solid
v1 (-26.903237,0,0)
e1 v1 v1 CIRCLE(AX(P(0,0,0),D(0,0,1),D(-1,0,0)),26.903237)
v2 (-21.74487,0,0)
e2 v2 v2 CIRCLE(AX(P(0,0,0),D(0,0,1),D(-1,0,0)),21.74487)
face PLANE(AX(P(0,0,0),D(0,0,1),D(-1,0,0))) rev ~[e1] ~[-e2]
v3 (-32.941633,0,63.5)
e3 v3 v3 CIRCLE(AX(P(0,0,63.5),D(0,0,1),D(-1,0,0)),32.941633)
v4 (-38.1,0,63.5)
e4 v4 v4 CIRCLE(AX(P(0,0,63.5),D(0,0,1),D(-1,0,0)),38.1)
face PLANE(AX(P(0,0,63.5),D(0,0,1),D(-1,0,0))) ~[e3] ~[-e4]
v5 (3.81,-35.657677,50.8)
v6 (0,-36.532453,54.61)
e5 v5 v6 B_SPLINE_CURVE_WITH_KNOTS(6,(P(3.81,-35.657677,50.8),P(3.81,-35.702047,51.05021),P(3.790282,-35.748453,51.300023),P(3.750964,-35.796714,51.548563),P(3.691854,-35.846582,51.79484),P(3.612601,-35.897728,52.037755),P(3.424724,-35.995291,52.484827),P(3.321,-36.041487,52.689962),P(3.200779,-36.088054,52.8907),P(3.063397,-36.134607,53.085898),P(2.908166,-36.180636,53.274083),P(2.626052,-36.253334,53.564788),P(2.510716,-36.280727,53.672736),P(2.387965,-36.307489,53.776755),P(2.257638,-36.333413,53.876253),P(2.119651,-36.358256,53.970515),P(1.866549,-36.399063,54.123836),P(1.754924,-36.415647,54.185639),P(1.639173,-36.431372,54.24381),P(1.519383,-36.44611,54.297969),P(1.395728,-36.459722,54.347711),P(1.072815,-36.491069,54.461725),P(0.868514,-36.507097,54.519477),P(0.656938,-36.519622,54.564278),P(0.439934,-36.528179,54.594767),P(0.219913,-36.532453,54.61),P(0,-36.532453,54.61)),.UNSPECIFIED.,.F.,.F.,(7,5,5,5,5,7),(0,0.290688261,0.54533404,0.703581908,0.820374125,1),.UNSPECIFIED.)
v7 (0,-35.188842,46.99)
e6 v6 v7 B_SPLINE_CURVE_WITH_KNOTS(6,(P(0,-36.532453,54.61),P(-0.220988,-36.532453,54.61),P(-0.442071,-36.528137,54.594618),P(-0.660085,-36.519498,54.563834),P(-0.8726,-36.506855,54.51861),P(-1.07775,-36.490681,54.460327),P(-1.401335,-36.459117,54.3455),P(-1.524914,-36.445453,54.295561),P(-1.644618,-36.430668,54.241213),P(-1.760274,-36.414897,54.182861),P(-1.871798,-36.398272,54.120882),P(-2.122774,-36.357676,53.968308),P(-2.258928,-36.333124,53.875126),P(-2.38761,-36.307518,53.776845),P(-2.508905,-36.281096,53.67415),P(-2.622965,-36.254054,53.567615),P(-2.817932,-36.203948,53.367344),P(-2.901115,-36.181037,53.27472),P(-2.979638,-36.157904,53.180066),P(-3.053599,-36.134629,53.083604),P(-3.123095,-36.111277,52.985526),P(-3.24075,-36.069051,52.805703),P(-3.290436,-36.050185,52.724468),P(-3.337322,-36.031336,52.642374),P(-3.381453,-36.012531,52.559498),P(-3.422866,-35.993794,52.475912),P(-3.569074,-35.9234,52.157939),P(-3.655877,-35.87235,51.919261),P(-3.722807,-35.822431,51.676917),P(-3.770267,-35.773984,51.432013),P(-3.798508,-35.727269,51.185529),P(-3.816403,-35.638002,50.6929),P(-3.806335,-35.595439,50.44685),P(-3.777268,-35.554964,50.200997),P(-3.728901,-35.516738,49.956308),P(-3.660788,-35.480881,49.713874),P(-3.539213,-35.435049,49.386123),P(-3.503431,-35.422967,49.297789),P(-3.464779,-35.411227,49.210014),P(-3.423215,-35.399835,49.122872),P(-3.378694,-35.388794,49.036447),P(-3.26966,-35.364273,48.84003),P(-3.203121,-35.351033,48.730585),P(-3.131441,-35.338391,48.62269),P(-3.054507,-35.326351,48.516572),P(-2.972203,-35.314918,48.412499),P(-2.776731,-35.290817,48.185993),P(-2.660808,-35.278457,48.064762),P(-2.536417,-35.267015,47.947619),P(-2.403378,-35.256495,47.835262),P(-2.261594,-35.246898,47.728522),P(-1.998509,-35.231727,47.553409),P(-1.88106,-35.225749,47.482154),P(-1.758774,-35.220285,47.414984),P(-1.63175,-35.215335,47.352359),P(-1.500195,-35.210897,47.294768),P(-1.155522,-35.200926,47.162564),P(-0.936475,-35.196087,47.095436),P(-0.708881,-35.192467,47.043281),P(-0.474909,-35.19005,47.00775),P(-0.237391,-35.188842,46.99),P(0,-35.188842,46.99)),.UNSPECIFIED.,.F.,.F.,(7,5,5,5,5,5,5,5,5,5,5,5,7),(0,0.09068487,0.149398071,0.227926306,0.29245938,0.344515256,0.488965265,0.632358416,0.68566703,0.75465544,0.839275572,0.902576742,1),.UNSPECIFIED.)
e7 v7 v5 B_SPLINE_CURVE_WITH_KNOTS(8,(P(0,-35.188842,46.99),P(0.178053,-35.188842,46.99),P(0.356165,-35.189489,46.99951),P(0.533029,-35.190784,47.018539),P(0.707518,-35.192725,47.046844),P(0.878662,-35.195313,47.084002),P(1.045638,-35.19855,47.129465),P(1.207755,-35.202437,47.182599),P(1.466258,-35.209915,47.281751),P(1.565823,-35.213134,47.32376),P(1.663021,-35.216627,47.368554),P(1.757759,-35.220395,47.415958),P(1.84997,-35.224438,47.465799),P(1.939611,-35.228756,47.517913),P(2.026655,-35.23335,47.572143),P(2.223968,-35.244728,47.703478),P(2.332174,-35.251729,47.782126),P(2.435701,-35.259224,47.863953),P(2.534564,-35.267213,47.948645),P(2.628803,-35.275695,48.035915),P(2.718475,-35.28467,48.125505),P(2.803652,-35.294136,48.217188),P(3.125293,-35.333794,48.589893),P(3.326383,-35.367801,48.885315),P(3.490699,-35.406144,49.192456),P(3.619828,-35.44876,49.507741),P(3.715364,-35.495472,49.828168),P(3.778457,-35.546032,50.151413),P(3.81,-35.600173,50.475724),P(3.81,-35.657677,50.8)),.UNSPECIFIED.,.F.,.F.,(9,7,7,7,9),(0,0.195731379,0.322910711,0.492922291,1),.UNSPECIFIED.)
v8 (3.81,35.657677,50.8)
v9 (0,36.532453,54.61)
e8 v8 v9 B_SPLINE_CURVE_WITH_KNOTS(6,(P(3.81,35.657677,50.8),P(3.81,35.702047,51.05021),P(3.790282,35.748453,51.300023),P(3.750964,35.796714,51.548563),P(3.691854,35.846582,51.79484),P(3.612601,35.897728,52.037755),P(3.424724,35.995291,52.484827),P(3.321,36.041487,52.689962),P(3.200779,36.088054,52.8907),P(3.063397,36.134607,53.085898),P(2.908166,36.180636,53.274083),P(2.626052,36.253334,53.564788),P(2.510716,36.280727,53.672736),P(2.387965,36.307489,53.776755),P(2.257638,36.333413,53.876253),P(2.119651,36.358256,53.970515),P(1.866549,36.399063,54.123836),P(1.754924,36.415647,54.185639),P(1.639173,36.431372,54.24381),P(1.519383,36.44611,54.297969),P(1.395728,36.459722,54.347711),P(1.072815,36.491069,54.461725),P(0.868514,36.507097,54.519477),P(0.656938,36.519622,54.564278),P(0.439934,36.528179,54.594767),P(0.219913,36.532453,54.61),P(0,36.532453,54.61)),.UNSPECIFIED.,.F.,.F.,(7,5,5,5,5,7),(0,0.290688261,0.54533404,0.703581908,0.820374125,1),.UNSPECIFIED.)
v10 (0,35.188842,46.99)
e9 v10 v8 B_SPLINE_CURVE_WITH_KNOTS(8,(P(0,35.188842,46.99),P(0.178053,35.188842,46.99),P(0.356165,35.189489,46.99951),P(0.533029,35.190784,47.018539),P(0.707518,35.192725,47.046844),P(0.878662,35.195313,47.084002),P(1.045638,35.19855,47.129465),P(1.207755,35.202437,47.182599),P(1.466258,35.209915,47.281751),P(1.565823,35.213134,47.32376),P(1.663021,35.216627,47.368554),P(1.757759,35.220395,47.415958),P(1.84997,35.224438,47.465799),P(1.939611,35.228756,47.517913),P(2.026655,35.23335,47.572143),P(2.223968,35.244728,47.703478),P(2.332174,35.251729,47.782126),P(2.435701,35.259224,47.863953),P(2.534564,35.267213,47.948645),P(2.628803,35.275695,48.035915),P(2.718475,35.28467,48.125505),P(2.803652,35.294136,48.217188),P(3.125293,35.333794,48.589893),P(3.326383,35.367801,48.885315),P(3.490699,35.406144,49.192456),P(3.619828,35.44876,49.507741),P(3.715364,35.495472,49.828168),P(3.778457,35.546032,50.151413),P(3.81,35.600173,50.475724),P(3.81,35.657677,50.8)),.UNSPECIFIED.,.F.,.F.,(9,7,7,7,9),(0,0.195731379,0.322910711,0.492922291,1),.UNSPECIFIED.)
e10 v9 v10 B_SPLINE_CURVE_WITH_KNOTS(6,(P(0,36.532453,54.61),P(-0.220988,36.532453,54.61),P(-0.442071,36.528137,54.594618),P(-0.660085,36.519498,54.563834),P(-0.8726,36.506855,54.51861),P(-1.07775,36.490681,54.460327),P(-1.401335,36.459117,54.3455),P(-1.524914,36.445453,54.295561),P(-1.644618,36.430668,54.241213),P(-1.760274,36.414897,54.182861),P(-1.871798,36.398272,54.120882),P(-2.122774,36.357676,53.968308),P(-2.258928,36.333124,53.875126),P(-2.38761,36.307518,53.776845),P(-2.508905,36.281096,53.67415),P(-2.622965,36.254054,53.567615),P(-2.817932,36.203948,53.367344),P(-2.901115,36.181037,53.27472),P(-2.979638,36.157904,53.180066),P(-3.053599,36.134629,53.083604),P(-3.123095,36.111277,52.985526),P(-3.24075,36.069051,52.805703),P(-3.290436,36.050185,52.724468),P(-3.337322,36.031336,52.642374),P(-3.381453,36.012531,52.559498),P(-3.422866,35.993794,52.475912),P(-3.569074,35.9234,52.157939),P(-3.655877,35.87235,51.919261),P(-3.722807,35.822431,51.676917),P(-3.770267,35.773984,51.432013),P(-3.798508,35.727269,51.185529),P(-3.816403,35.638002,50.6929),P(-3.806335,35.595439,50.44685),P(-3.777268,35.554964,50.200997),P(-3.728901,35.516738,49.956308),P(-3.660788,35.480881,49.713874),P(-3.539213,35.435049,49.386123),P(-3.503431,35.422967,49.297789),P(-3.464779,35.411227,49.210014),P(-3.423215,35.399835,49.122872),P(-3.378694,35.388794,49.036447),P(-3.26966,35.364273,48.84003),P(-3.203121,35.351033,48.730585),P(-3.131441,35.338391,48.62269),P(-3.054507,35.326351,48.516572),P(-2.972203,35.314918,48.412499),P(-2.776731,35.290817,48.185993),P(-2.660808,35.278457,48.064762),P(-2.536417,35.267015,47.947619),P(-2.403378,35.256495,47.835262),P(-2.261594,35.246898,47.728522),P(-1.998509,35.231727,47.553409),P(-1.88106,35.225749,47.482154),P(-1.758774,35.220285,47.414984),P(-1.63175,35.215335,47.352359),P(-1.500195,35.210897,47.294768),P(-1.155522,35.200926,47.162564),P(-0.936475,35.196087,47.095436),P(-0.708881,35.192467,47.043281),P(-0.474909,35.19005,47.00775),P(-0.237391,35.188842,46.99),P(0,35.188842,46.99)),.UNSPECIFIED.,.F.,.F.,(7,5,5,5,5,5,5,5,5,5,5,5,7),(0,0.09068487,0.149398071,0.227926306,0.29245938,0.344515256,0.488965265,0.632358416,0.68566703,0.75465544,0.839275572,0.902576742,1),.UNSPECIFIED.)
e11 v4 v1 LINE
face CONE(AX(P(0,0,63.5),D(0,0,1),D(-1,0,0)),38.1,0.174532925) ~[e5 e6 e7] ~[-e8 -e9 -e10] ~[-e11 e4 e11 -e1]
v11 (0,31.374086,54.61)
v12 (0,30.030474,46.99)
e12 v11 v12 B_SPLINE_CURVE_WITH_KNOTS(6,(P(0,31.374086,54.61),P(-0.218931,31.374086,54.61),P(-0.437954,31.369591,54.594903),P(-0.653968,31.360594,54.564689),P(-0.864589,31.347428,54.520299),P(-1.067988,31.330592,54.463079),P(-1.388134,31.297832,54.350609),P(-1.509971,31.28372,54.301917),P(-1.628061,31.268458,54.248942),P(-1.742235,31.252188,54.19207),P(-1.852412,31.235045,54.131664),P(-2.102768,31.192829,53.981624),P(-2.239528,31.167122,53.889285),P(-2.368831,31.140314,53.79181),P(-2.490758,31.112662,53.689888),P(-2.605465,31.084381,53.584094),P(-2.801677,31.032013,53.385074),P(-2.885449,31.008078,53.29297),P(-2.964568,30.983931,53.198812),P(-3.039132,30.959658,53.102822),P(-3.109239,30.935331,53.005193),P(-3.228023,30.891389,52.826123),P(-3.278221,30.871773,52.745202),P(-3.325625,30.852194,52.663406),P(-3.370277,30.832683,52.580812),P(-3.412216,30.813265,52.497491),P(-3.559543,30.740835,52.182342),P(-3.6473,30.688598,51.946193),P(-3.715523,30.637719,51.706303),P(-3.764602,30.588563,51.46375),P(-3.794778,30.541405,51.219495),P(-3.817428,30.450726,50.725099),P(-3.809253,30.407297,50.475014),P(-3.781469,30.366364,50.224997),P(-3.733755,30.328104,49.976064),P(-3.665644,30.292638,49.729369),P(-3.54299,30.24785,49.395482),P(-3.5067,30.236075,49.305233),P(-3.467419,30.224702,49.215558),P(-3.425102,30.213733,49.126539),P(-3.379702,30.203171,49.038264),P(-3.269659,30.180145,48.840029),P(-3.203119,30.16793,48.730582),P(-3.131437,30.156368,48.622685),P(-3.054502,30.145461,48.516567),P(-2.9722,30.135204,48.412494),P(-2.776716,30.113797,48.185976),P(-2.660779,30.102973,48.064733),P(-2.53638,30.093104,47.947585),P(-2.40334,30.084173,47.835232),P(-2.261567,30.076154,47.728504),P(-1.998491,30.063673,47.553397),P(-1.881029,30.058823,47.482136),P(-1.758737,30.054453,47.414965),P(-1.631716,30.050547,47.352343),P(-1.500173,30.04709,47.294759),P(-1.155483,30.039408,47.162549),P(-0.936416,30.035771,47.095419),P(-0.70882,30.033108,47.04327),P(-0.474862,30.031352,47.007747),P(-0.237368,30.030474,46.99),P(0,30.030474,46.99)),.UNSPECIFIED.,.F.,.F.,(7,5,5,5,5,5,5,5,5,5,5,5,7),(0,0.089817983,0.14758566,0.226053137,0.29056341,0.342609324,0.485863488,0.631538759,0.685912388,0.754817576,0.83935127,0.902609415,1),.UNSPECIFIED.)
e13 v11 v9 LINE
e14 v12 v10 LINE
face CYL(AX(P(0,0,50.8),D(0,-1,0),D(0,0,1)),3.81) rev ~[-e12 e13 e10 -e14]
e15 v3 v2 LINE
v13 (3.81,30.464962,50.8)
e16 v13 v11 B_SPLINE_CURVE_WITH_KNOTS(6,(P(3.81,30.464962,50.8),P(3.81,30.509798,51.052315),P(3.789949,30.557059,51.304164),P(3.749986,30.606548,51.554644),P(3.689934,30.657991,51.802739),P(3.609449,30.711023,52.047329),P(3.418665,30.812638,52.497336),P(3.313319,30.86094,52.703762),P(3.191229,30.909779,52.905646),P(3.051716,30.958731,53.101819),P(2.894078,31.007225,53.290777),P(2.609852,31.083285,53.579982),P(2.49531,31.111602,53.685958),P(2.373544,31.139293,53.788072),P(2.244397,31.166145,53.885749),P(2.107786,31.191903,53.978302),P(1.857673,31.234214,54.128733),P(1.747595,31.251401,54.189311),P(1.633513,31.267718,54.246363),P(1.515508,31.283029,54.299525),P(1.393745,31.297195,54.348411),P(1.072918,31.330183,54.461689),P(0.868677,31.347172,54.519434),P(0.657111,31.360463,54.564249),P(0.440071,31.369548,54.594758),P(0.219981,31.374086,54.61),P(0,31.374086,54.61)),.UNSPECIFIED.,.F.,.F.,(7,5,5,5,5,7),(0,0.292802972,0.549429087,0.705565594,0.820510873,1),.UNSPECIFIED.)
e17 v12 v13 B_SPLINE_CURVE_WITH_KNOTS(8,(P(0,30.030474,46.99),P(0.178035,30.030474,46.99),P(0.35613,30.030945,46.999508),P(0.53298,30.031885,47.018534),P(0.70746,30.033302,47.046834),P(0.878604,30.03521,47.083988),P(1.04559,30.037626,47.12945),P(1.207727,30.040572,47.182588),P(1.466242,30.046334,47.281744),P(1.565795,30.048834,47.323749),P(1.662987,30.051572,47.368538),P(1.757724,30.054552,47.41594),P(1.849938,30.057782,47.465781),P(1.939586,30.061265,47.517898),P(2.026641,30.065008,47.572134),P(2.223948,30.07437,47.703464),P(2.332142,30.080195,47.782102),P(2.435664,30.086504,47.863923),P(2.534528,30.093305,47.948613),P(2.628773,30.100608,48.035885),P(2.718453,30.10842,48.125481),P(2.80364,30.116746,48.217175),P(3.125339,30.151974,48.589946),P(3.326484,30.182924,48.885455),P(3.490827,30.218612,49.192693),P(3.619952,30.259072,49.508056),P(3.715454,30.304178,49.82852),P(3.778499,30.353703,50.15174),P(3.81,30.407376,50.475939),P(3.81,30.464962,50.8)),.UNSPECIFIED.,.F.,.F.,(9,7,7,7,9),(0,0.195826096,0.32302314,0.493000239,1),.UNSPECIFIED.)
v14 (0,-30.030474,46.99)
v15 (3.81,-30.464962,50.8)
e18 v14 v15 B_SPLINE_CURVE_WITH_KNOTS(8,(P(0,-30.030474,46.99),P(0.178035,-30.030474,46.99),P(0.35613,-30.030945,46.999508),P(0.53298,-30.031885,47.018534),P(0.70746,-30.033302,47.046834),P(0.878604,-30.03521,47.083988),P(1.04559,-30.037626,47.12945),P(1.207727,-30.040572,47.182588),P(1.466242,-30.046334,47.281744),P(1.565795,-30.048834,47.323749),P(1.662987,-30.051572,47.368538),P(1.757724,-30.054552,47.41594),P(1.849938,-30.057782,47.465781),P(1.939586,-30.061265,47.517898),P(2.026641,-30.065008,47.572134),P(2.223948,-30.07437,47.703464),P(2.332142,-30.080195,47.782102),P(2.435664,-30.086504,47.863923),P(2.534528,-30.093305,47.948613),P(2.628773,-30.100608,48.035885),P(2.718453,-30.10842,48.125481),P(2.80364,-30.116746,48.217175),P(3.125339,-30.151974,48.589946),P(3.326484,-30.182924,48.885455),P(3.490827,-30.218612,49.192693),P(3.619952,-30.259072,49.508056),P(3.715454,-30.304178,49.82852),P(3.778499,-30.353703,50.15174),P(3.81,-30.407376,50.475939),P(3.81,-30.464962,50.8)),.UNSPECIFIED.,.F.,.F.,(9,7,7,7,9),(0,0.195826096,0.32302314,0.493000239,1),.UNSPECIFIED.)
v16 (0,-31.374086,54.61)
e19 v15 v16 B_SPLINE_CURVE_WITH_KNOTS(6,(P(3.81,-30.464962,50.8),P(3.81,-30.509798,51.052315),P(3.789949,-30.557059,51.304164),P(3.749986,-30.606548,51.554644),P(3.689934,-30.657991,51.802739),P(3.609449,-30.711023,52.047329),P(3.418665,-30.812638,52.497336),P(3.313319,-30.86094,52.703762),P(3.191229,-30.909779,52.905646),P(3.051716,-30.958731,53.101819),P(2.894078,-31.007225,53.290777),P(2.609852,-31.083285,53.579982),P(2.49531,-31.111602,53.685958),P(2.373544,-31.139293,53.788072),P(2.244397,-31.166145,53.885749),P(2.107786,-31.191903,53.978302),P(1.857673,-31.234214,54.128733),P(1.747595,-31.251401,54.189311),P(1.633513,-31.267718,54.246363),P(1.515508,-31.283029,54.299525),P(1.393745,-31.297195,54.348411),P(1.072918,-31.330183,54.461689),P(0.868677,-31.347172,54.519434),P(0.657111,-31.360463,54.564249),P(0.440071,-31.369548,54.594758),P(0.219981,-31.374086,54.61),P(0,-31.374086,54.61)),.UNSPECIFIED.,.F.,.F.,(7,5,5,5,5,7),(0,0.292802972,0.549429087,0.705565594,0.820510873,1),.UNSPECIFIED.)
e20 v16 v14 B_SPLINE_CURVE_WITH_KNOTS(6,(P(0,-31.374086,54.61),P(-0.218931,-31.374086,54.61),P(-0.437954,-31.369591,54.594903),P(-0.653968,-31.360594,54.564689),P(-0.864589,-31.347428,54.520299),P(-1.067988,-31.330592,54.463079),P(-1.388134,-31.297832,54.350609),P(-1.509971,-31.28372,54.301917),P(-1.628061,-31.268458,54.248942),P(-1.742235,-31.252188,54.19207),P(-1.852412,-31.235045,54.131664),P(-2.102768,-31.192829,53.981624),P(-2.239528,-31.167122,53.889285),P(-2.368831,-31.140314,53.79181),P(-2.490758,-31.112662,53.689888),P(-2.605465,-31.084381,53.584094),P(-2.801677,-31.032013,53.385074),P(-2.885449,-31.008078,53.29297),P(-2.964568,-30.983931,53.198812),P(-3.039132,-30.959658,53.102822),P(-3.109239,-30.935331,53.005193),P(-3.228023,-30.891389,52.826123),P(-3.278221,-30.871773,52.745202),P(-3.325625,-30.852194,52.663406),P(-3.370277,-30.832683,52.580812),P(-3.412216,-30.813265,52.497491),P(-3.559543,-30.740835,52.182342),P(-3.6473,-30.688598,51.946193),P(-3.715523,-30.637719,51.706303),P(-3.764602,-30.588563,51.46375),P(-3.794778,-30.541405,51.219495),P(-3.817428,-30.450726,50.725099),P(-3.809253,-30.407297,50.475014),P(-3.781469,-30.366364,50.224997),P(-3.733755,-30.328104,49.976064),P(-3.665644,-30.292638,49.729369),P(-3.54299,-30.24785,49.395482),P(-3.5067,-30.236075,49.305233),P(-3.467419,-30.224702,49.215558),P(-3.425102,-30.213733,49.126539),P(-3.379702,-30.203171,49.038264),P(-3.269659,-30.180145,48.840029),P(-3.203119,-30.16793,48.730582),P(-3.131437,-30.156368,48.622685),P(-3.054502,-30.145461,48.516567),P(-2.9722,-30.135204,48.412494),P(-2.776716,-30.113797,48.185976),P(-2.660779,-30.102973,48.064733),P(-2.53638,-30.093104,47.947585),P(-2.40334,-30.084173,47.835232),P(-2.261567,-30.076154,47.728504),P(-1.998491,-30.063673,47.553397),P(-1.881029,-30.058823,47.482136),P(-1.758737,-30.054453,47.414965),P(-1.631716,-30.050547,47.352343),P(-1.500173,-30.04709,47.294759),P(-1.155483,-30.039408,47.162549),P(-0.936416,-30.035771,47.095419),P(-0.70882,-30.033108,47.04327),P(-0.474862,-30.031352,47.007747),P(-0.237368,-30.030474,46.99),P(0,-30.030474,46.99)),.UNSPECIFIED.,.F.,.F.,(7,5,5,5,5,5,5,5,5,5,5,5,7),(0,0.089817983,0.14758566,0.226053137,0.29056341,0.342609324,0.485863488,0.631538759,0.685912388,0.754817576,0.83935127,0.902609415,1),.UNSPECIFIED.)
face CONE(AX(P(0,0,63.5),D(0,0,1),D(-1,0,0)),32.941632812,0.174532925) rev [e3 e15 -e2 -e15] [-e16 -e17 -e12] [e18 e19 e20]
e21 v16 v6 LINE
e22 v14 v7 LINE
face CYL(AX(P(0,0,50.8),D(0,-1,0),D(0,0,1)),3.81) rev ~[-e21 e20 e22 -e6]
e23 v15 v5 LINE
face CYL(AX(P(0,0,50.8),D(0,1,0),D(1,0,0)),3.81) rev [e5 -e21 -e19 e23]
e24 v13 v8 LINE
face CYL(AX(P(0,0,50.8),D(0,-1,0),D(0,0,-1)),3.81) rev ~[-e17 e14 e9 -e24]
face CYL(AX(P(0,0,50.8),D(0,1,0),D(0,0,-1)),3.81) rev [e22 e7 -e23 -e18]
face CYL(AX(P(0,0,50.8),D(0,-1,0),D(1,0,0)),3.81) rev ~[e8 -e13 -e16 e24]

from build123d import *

# Parameters (mm, degrees)
F3_DEPTH = 78.74


with BuildPart() as f1:
    # F0 (on Front) → F1 (revolve)
    with BuildSketch(Plane.XZ):
        with BuildLine():
            Line((0, 54.61), (0, 63.5))
            Line((0, 63.5), (-32.9416328116, 63.5))
            Line((-32.9416328116, 63.5), (-21.7448695366, 0))
            Line((-21.7448695366, 0), (0, 0))
            Line((0, 0), (0, 46.99))
            ThreePointArc((0, 46.99), (-3.81, 50.8), (0, 54.61))
        make_face()
        Polygon((-21.7448695366, 0), (-32.9416328116, 63.5), (-38.1, 63.5), (-26.903236725, 0), align=None)
    revolve(axis=Axis((0, 0, 31.75), (0, 0, 1)))

    # F0 (on Front) → F2 (revolve, cut)
    with BuildSketch(Plane.XZ):
        with BuildLine():
            Line((0, 54.61), (0, 63.5))
            Line((0, 63.5), (-32.9416328116, 63.5))
            Line((-32.9416328116, 63.5), (-21.7448695366, 0))
            Line((-21.7448695366, 0), (0, 0))
            Line((0, 0), (0, 46.99))
            ThreePointArc((0, 46.99), (-3.81, 50.8), (0, 54.61))
        make_face()
    revolve(axis=Axis((0, 0, 31.75), (0, 0, 1)), mode=Mode.SUBTRACT)

    # F0 (on Front) → F3 (cut, symmetric)
    with BuildSketch(Plane.XZ):
        with BuildLine():
            Line((0, 46.99), (0, 54.61))
            ThreePointArc((0, 54.61), (-3.81, 50.8), (0, 46.99))
        make_face()
        with BuildLine():
            ThreePointArc((3.81, 50.8), (2.6940768363, 53.4940768363), (0, 54.61))
            Line((0, 54.61), (0, 46.99))
            ThreePointArc((0, 46.99), (2.6940768363, 48.1059231637), (3.81, 50.8))
        make_face()
    extrude(amount=F3_DEPTH, both=True, mode=Mode.SUBTRACT)


solid = f1.part
